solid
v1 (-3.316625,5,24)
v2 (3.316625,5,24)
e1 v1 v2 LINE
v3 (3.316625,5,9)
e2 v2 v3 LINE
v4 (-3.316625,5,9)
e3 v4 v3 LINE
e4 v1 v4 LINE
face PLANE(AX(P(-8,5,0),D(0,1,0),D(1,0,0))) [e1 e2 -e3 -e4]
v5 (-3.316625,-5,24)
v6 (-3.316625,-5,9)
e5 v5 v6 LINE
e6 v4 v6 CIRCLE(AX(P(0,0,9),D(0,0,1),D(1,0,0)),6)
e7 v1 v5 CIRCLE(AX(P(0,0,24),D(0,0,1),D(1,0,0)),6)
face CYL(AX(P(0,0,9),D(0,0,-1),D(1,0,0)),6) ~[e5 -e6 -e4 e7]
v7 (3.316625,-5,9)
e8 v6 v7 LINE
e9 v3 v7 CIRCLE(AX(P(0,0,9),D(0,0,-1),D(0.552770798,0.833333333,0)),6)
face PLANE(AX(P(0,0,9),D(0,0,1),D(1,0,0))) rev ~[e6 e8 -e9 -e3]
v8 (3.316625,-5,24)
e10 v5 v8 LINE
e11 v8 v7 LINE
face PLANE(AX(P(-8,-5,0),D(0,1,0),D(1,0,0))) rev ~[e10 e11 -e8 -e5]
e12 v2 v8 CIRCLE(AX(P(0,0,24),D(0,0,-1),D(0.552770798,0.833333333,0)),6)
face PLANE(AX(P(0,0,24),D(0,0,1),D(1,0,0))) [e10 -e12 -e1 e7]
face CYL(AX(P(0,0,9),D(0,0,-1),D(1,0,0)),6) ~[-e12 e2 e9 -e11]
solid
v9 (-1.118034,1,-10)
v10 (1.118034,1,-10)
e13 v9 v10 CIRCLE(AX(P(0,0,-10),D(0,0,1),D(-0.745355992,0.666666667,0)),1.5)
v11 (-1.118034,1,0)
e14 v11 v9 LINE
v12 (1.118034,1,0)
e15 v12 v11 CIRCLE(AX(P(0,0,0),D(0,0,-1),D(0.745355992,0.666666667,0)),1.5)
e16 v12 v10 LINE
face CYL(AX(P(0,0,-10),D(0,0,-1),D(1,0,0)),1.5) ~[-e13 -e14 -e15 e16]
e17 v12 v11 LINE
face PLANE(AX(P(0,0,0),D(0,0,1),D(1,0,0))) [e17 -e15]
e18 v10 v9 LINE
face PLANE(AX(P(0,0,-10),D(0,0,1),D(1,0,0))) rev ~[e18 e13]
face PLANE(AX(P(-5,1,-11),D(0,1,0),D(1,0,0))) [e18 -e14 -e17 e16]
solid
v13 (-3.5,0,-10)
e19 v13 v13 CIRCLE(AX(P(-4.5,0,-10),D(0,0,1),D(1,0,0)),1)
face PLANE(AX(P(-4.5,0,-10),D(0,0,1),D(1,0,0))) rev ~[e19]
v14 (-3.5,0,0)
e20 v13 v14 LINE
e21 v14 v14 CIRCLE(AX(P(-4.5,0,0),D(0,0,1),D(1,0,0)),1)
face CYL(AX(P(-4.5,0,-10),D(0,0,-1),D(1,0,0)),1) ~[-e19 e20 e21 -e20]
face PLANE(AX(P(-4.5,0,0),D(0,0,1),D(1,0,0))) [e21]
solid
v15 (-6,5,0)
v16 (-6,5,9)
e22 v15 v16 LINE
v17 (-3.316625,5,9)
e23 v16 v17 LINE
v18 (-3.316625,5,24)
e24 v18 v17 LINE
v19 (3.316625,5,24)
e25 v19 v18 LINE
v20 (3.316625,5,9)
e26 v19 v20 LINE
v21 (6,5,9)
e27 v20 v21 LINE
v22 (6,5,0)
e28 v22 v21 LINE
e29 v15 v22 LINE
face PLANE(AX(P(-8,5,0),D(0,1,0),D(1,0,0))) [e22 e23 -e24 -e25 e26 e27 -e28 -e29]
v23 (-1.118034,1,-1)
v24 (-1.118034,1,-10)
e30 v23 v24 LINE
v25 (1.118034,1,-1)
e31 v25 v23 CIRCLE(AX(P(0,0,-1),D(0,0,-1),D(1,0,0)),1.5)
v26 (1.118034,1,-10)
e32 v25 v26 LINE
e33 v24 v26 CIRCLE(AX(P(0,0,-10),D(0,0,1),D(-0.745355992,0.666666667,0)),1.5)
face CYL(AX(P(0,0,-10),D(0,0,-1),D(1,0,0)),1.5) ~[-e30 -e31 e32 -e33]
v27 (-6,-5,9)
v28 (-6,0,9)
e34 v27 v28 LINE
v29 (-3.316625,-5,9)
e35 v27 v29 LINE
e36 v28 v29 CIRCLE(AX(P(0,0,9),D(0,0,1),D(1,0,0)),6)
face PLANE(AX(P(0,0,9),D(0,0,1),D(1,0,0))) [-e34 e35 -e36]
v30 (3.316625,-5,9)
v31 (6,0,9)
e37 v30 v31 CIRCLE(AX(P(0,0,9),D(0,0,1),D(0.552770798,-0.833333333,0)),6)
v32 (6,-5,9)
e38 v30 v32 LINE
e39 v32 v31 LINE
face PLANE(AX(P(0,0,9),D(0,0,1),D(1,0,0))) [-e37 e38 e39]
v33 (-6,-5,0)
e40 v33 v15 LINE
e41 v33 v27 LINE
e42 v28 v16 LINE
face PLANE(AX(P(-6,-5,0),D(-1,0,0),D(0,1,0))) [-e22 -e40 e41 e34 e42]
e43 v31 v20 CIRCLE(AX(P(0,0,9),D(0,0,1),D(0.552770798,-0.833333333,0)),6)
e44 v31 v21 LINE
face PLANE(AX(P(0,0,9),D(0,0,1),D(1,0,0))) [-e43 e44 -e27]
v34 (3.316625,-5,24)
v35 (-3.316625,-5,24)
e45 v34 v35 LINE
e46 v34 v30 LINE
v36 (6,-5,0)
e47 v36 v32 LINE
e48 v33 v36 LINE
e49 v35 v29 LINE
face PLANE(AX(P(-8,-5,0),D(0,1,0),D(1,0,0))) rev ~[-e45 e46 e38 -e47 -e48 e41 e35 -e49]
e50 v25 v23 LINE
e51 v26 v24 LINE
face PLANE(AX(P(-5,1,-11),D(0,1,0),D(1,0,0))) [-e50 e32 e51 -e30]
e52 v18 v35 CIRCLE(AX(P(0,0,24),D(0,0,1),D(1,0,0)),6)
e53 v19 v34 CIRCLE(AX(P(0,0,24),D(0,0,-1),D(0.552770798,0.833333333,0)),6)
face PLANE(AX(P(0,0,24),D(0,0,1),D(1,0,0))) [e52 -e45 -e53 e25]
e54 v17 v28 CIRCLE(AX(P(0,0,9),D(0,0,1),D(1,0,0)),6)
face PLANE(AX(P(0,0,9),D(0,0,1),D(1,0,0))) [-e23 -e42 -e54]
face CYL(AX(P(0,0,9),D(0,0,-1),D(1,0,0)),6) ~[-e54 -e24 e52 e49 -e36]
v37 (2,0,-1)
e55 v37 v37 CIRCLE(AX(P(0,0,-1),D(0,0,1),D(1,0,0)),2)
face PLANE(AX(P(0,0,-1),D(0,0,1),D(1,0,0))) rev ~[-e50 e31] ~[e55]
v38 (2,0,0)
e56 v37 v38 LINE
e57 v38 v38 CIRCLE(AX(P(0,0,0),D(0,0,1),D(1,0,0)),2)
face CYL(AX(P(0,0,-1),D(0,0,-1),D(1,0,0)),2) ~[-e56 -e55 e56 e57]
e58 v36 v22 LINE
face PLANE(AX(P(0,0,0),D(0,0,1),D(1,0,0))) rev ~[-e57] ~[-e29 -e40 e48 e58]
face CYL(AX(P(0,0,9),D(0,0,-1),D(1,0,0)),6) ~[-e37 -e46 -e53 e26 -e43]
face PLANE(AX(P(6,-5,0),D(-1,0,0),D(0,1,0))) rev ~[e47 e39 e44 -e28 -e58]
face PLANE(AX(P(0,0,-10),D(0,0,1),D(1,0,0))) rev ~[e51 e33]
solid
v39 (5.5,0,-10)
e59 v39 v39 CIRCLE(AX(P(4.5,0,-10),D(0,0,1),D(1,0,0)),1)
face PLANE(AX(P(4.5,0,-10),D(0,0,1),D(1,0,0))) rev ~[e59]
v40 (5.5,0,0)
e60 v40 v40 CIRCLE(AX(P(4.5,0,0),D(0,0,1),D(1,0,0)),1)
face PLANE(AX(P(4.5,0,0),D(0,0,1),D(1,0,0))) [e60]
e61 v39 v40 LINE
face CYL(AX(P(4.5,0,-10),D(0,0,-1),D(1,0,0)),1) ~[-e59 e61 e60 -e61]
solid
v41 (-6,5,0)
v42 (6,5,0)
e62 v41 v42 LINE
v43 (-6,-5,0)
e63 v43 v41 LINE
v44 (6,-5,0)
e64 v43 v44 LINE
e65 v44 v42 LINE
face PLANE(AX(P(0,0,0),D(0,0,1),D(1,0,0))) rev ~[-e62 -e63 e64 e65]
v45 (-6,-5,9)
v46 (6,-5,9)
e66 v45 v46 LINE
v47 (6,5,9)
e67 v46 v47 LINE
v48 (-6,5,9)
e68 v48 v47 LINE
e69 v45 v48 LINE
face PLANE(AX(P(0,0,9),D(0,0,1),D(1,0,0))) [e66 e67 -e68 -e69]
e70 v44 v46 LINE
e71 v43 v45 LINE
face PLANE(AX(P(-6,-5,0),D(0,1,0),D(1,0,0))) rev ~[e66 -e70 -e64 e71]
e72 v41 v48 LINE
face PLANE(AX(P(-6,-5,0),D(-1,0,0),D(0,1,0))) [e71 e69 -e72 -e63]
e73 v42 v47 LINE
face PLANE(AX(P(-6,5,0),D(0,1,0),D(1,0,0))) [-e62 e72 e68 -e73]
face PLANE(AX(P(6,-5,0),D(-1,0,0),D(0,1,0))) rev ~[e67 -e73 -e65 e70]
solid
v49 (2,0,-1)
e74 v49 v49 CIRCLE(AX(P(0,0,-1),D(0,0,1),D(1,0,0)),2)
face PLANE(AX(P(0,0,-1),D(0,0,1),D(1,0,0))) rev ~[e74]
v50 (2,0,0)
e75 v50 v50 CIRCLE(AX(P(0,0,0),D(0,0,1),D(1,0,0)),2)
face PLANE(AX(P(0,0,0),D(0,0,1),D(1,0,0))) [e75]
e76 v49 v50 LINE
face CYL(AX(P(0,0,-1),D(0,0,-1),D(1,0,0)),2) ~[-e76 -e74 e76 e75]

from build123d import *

# Parameters (mm, degrees)
CYLINDER032_R     = 1
CYLINDER032_DEPTH = 10
CYLINDER033_R     = 1
CYLINDER033_DEPTH = 10
BOX_W             = 12
BOX_H             = 10
BOX_DEPTH         = 9
CYLINDER034_R     = 2
CYLINDER034_DEPTH = 1
BOX004_W          = 10
BOX004_H          = 10
BOX004_DEPTH      = 12
CYLINDER031_R     = 1.5
CYLINDER031_DEPTH = 10
CYLINDER_R        = 6
CYLINDER_DEPTH    = 15
BOX001_W          = 16
BOX001_H          = 10
BOX001_DEPTH      = 27
CYLINDER036_R     = 2
CYLINDER036_DEPTH = 1
BOX003_W          = 16
BOX003_H          = 10
BOX003_DEPTH      = 27
CYLINDER037_R     = 6
CYLINDER037_DEPTH = 15
BOX005_W          = 10
BOX005_H          = 10
BOX005_DEPTH      = 12
CYLINDER038_R     = 1.5
CYLINDER038_DEPTH = 10
BOX002_W          = 12
BOX002_H          = 10
BOX002_DEPTH      = 9


with BuildPart() as cylinder032:
    # Cylinder032 → Cylinder032 (new body)
    with BuildSketch(Plane(origin=(4.5, 0, -10), x_dir=(1, 0, 0), z_dir=(0, 0, 1))):
        Circle(CYLINDER032_R)
    extrude(amount=CYLINDER032_DEPTH)


with BuildPart() as cylinder033:
    # Cylinder033 → Cylinder033 (new body)
    with BuildSketch(Plane(origin=(-4.5, 0, -10), x_dir=(1, 0, 0), z_dir=(0, 0, 1))):
        Circle(CYLINDER033_R)
    extrude(amount=CYLINDER033_DEPTH)


with BuildPart() as gearbox:
    # Box → Box (new body)
    with BuildSketch(Plane(origin=(-6, -5, 0), x_dir=(1, 0, 0), z_dir=(0, 0, 1))):
        with Locations((6, 5)):
            Rectangle(BOX_W, BOX_H)
    extrude(amount=BOX_DEPTH)


with BuildPart() as boss:
    # Cylinder034 → Cylinder034 (new body)
    with BuildSketch(Plane.XY.offset(-1)):
        Circle(CYLINDER034_R)
    extrude(amount=CYLINDER034_DEPTH)


with BuildPart() as cube:
    # Box004 → Box004 (new body)
    with BuildSketch(Plane(origin=(-5, 1, -11), x_dir=(1, 0, 0), z_dir=(0, 0, 1))):
        with Locations((5, 5)):
            Rectangle(BOX004_W, BOX004_H)
    extrude(amount=BOX004_DEPTH)


with BuildPart() as shaft:
    # Cylinder031 → Cylinder031 (new body)
    with BuildSketch(Plane.XY.offset(-10)):
        Circle(CYLINDER031_R)
    extrude(amount=CYLINDER031_DEPTH)

    # Cut: cut Cube
    add(cube.part, mode=Mode.SUBTRACT)


with BuildPart() as cylinder:
    # Cylinder → Cylinder (new body)
    with BuildSketch(Plane.XY.offset(9)):
        Circle(CYLINDER_R)
    extrude(amount=CYLINDER_DEPTH)


with BuildPart() as motor:
    # Box001 → Box001 (new body)
    with BuildSketch(Plane(origin=(-8, -5, 0), x_dir=(1, 0, 0), z_dir=(0, 0, 1))):
        with Locations((8, 5)):
            Rectangle(BOX001_W, BOX001_H)
    extrude(amount=BOX001_DEPTH)

    # Common: intersect Cylinder
    add(cylinder.part, mode=Mode.INTERSECT)


with BuildPart() as boss001:
    # Cylinder036 → Cylinder036 (new body)
    with BuildSketch(Plane.XY.offset(-1)):
        Circle(CYLINDER036_R)
    extrude(amount=CYLINDER036_DEPTH)


with BuildPart() as gearbox003:
    # Box003 → Box003 (new body)
    with BuildSketch(Plane(origin=(-8, -5, 0), x_dir=(1, 0, 0), z_dir=(0, 0, 1))):
        with Locations((8, 5)):
            Rectangle(BOX003_W, BOX003_H)
    extrude(amount=BOX003_DEPTH)


with BuildPart() as motor001:
    # Cylinder037 → Cylinder037 (new body)
    with BuildSketch(Plane.XY.offset(9)):
        Circle(CYLINDER037_R)
    extrude(amount=CYLINDER037_DEPTH)

    # Common001: intersect gearbox003
    add(gearbox003.part, mode=Mode.INTERSECT)


with BuildPart() as cube001:
    # Box005 → Box005 (new body)
    with BuildSketch(Plane(origin=(-5, 1, -11), x_dir=(1, 0, 0), z_dir=(0, 0, 1))):
        with Locations((5, 5)):
            Rectangle(BOX005_W, BOX005_H)
    extrude(amount=BOX005_DEPTH)


with BuildPart() as shaft001:
    # Cylinder038 → Cylinder038 (new body)
    with BuildSketch(Plane.XY.offset(-10)):
        Circle(CYLINDER038_R)
    extrude(amount=CYLINDER038_DEPTH)

    # Cut001: cut Cube001
    add(cube001.part, mode=Mode.SUBTRACT)


with BuildPart() as motor_assembled:
    # Box002 → Box002 (new body)
    with BuildSketch(Plane(origin=(-6, -5, 0), x_dir=(1, 0, 0), z_dir=(0, 0, 1))):
        with Locations((6, 5)):
            Rectangle(BOX002_W, BOX002_H)
    extrude(amount=BOX002_DEPTH)

    # Fusion: union boss001, motor001, shaft001
    add(boss001.part)
    add(motor001.part)
    add(shaft001.part)


solid = Compound([cylinder032.part, cylinder033.part, gearbox.part, boss.part, shaft.part, motor.part, motor_assembled.part])
